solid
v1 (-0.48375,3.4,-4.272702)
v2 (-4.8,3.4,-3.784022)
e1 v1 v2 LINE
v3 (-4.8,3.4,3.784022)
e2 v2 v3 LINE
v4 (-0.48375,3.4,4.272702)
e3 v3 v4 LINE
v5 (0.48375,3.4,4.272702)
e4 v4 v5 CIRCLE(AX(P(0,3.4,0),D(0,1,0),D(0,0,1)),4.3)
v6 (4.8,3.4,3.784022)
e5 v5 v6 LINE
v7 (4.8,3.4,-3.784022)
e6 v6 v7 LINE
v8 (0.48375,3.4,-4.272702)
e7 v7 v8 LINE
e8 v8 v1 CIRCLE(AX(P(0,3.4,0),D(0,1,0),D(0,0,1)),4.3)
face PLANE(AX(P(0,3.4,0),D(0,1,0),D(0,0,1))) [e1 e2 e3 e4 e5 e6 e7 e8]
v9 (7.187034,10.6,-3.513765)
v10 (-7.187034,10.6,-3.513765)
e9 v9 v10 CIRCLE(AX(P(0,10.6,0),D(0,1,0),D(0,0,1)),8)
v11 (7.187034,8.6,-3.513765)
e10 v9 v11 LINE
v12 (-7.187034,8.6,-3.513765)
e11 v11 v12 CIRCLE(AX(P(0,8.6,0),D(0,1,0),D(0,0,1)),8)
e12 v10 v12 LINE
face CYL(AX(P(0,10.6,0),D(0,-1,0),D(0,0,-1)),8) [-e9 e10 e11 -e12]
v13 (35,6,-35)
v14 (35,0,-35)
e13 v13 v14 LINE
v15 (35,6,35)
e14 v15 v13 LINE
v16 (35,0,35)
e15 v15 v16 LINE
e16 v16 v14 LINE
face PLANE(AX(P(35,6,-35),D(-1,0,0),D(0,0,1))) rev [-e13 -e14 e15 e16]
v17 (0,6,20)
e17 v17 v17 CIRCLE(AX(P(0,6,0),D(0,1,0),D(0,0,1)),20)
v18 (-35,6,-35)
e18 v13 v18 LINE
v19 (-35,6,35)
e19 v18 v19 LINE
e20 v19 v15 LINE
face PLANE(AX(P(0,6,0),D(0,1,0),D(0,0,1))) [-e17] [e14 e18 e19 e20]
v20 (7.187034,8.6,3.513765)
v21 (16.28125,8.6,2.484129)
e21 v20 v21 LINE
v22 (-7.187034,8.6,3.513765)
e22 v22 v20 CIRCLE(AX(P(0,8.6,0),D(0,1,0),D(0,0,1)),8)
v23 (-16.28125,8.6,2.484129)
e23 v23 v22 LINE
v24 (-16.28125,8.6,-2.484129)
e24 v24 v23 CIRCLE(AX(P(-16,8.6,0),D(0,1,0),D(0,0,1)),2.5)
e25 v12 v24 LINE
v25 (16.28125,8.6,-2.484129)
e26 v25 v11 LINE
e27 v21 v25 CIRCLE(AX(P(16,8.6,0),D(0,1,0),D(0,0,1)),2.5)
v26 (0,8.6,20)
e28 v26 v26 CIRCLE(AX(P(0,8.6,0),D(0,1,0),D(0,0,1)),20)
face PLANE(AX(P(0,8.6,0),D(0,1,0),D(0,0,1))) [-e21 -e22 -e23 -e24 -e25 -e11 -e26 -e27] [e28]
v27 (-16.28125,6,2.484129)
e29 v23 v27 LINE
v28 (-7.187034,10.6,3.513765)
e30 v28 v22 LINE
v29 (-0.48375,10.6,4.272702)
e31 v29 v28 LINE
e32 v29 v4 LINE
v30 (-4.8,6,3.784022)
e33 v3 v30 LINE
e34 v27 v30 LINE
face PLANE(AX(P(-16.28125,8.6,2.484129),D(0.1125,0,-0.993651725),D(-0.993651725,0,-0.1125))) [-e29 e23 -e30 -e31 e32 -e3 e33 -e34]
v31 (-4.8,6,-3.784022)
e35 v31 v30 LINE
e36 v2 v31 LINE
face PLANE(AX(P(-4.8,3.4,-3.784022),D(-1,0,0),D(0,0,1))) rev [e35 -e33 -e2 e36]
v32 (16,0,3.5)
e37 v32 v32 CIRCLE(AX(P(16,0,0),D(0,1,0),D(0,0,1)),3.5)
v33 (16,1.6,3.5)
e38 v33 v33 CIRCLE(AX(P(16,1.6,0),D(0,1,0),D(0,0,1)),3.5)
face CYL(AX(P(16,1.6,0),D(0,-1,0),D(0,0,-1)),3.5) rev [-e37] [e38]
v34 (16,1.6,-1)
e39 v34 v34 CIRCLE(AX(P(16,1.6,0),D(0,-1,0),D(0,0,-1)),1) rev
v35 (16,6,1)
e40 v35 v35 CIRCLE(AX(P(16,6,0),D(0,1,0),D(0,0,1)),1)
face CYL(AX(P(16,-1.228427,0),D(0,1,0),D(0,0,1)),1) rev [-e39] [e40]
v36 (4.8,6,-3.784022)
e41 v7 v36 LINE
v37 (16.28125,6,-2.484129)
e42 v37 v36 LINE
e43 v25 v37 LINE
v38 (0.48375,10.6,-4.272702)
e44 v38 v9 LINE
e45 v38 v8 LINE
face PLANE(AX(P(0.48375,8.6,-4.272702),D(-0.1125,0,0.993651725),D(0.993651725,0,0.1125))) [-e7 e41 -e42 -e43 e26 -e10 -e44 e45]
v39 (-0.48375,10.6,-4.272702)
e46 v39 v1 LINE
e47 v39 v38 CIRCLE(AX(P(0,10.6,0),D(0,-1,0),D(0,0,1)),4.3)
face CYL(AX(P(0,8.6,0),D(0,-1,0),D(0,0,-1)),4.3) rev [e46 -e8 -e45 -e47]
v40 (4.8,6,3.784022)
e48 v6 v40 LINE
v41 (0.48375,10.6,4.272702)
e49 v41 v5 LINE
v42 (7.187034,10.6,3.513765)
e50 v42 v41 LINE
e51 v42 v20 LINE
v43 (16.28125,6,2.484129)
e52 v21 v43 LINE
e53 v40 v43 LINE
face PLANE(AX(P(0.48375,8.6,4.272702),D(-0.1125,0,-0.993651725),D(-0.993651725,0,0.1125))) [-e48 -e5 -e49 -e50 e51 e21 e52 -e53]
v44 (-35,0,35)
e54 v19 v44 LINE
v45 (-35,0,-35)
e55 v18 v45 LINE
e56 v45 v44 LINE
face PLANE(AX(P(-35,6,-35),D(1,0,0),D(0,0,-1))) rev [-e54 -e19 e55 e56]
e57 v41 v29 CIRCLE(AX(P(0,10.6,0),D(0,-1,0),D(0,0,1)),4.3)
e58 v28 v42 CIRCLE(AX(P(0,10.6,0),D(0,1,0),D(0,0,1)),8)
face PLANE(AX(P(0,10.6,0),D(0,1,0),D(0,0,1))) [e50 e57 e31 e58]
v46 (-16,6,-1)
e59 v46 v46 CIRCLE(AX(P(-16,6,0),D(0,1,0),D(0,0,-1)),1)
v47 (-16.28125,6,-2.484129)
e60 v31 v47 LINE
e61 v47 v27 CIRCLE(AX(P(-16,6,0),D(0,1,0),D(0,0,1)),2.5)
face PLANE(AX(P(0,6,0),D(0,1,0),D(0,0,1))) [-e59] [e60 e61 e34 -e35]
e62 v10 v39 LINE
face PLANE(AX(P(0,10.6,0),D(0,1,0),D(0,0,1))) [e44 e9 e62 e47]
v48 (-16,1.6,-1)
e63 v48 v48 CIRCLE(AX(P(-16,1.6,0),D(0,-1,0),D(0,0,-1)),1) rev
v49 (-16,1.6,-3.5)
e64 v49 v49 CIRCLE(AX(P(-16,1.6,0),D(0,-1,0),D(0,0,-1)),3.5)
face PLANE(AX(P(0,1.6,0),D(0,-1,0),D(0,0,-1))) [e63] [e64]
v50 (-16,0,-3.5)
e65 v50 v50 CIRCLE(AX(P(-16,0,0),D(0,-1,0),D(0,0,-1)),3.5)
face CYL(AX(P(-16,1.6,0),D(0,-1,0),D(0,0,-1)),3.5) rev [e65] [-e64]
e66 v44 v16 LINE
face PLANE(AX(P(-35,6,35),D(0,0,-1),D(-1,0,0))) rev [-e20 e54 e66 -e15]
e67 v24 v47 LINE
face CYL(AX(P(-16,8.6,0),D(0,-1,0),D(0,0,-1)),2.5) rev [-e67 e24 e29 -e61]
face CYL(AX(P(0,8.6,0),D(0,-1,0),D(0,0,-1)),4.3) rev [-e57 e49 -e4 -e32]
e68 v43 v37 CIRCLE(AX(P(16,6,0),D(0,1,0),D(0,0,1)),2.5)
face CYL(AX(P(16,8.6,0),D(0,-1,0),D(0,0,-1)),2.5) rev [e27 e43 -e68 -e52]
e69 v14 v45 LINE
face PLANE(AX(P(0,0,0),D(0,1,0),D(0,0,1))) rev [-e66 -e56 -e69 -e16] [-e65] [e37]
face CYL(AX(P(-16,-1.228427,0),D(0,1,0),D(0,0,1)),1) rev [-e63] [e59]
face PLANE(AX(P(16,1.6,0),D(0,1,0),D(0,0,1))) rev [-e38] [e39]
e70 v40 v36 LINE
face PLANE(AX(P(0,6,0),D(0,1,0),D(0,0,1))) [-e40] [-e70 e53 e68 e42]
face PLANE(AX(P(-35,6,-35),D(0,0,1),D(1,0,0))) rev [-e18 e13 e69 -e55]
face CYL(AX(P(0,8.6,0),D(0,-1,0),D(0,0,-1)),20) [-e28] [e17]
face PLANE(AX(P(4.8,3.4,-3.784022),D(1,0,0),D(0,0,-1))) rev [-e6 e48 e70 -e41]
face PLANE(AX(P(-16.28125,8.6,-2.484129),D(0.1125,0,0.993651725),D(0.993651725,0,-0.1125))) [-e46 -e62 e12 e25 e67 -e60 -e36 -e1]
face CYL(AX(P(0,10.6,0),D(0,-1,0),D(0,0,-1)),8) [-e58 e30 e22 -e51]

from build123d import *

# Parameters (mm, degrees)
SKETCH1_W           = 70
SKETCH1_H           = 70
BOSS_EXTRUDE1_DEPTH = 6
SKETCH2_R           = 20
BOSS_EXTRUDE6_DEPTH = 2.6
CUT_EXTRUDE1_START  = -2.6
CUT_EXTRUDE1_DEPTH  = 2.6
SKETCH4_R           = 3.5
CUT_EXTRUDE2_DEPTH  = 1.6
SKETCH5_R           = 1
CUT_EXTRUDE3_DEPTH  = 4.4
BOSS_EXTRUDE7_DEPTH = 2


with BuildPart() as part:
    # Sketch1 → Boss-Extrude1 (new body)
    with BuildSketch(Plane(origin=(0, 0, 0), x_dir=(1, 0, 0), z_dir=(0, 1, 0))):
        Rectangle(SKETCH1_W, SKETCH1_H)
    extrude(amount=BOSS_EXTRUDE1_DEPTH)

    # Sketch2 → Boss-Extrude6 (add)
    with BuildSketch(Plane(origin=(0, 6, 0), x_dir=(1, 0, 0), z_dir=(0, 1, 0))):
        with Locations(Location((0, 0, 0), (0, 0, 270))):
            Circle(SKETCH2_R)
        with BuildLine():
            Line((-16.28125, -2.484129312), (-0.48375, -4.272702416))
            ThreePointArc((-0.48375, -4.272702416), (0, -4.3), (0.48375, -4.272702416))
            Line((0.48375, -4.272702416), (16.28125, -2.484129312))
            ThreePointArc((16.28125, -2.484129312), (18.5, 0), (16.28125, 2.484129312))
            Line((16.28125, 2.484129312), (0.48375, 4.272702416))
            ThreePointArc((0.48375, 4.272702416), (0, 4.3), (-0.48375, 4.272702416))
            Line((-0.48375, 4.272702416), (-16.28125, 2.484129312))
            ThreePointArc((-16.28125, 2.484129312), (-18.5, 0), (-16.28125, -2.484129312))
        make_face(mode=Mode.SUBTRACT)
    extrude(amount=BOSS_EXTRUDE6_DEPTH)

    # Sketch3 → Cut-Extrude1 (cut)
    with BuildSketch(Plane(origin=(0, 6, 0), x_dir=(1, 0, 0), z_dir=(0, 1, 0)).offset(CUT_EXTRUDE1_START)):
        with BuildLine():
            Line((-4.8, 3.784022013), (-4.8, -3.784022013))
            Line((-4.8, -3.784022013), (-0.48375, -4.272702416))
            ThreePointArc((-0.48375, -4.272702416), (0, -4.3), (0.48375, -4.272702416))
            Line((0.48375, -4.272702416), (4.8, -3.784022013))
            Line((4.8, -3.784022013), (4.8, 3.784022013))
            Line((4.8, 3.784022013), (0.48375, 4.272702416))
            ThreePointArc((0.48375, 4.272702416), (0, 4.3), (-0.48375, 4.272702416))
            Line((-0.48375, 4.272702416), (-4.8, 3.784022013))
        make_face()
    extrude(amount=CUT_EXTRUDE1_DEPTH, mode=Mode.SUBTRACT)

    # Sketch4 → Cut-Extrude2 (cut)
    with BuildSketch(Plane.XZ):
        with Locations(Location((16, 0, 0), (0, 0, 90))):
            Circle(SKETCH4_R)
        with Locations(Location((-16, 0, 0), (0, 0, 270))):
            Circle(SKETCH4_R)
    extrude(amount=-CUT_EXTRUDE2_DEPTH, mode=Mode.SUBTRACT)

    # Sketch5 → Cut-Extrude3 (cut)
    with BuildSketch(Plane(origin=(0, 6, 0), x_dir=(1, 0, 0), z_dir=(0, 1, 0))):
        with Locations(Location((16, 0, 0), (0, 0, 270))):
            Circle(SKETCH5_R)
        with Locations(Location((-16, 0, 0), (0, 0, 90))):
            Circle(SKETCH5_R)
    extrude(amount=-CUT_EXTRUDE3_DEPTH, mode=Mode.SUBTRACT)

    # Sketch6 → Boss-Extrude7 (add)
    with BuildSketch(Plane(origin=(0, 8.6, 0), x_dir=(1, 0, 0), z_dir=(0, 1, 0))):
        with BuildLine():
            Line((7.187033827, 3.513765042), (0.48375, 4.272702416))
            ThreePointArc((0.48375, 4.272702416), (0, 4.3), (-0.48375, 4.272702416))
            Line((-0.48375, 4.272702416), (-7.187033827, 3.513765042))
            ThreePointArc((-7.187033827, 3.513765042), (0, 8), (7.187033827, 3.513765042))
        make_face()
        with BuildLine():
            Line((0.48375, -4.272702416), (7.187033827, -3.513765042))
            ThreePointArc((7.187033827, -3.513765042), (0, -8), (-7.187033827, -3.513765042))
            Line((-7.187033827, -3.513765042), (-0.48375, -4.272702416))
            ThreePointArc((-0.48375, -4.272702416), (0, -4.3), (0.48375, -4.272702416))
        make_face()
    extrude(amount=BOSS_EXTRUDE7_DEPTH)


solid = part.part
